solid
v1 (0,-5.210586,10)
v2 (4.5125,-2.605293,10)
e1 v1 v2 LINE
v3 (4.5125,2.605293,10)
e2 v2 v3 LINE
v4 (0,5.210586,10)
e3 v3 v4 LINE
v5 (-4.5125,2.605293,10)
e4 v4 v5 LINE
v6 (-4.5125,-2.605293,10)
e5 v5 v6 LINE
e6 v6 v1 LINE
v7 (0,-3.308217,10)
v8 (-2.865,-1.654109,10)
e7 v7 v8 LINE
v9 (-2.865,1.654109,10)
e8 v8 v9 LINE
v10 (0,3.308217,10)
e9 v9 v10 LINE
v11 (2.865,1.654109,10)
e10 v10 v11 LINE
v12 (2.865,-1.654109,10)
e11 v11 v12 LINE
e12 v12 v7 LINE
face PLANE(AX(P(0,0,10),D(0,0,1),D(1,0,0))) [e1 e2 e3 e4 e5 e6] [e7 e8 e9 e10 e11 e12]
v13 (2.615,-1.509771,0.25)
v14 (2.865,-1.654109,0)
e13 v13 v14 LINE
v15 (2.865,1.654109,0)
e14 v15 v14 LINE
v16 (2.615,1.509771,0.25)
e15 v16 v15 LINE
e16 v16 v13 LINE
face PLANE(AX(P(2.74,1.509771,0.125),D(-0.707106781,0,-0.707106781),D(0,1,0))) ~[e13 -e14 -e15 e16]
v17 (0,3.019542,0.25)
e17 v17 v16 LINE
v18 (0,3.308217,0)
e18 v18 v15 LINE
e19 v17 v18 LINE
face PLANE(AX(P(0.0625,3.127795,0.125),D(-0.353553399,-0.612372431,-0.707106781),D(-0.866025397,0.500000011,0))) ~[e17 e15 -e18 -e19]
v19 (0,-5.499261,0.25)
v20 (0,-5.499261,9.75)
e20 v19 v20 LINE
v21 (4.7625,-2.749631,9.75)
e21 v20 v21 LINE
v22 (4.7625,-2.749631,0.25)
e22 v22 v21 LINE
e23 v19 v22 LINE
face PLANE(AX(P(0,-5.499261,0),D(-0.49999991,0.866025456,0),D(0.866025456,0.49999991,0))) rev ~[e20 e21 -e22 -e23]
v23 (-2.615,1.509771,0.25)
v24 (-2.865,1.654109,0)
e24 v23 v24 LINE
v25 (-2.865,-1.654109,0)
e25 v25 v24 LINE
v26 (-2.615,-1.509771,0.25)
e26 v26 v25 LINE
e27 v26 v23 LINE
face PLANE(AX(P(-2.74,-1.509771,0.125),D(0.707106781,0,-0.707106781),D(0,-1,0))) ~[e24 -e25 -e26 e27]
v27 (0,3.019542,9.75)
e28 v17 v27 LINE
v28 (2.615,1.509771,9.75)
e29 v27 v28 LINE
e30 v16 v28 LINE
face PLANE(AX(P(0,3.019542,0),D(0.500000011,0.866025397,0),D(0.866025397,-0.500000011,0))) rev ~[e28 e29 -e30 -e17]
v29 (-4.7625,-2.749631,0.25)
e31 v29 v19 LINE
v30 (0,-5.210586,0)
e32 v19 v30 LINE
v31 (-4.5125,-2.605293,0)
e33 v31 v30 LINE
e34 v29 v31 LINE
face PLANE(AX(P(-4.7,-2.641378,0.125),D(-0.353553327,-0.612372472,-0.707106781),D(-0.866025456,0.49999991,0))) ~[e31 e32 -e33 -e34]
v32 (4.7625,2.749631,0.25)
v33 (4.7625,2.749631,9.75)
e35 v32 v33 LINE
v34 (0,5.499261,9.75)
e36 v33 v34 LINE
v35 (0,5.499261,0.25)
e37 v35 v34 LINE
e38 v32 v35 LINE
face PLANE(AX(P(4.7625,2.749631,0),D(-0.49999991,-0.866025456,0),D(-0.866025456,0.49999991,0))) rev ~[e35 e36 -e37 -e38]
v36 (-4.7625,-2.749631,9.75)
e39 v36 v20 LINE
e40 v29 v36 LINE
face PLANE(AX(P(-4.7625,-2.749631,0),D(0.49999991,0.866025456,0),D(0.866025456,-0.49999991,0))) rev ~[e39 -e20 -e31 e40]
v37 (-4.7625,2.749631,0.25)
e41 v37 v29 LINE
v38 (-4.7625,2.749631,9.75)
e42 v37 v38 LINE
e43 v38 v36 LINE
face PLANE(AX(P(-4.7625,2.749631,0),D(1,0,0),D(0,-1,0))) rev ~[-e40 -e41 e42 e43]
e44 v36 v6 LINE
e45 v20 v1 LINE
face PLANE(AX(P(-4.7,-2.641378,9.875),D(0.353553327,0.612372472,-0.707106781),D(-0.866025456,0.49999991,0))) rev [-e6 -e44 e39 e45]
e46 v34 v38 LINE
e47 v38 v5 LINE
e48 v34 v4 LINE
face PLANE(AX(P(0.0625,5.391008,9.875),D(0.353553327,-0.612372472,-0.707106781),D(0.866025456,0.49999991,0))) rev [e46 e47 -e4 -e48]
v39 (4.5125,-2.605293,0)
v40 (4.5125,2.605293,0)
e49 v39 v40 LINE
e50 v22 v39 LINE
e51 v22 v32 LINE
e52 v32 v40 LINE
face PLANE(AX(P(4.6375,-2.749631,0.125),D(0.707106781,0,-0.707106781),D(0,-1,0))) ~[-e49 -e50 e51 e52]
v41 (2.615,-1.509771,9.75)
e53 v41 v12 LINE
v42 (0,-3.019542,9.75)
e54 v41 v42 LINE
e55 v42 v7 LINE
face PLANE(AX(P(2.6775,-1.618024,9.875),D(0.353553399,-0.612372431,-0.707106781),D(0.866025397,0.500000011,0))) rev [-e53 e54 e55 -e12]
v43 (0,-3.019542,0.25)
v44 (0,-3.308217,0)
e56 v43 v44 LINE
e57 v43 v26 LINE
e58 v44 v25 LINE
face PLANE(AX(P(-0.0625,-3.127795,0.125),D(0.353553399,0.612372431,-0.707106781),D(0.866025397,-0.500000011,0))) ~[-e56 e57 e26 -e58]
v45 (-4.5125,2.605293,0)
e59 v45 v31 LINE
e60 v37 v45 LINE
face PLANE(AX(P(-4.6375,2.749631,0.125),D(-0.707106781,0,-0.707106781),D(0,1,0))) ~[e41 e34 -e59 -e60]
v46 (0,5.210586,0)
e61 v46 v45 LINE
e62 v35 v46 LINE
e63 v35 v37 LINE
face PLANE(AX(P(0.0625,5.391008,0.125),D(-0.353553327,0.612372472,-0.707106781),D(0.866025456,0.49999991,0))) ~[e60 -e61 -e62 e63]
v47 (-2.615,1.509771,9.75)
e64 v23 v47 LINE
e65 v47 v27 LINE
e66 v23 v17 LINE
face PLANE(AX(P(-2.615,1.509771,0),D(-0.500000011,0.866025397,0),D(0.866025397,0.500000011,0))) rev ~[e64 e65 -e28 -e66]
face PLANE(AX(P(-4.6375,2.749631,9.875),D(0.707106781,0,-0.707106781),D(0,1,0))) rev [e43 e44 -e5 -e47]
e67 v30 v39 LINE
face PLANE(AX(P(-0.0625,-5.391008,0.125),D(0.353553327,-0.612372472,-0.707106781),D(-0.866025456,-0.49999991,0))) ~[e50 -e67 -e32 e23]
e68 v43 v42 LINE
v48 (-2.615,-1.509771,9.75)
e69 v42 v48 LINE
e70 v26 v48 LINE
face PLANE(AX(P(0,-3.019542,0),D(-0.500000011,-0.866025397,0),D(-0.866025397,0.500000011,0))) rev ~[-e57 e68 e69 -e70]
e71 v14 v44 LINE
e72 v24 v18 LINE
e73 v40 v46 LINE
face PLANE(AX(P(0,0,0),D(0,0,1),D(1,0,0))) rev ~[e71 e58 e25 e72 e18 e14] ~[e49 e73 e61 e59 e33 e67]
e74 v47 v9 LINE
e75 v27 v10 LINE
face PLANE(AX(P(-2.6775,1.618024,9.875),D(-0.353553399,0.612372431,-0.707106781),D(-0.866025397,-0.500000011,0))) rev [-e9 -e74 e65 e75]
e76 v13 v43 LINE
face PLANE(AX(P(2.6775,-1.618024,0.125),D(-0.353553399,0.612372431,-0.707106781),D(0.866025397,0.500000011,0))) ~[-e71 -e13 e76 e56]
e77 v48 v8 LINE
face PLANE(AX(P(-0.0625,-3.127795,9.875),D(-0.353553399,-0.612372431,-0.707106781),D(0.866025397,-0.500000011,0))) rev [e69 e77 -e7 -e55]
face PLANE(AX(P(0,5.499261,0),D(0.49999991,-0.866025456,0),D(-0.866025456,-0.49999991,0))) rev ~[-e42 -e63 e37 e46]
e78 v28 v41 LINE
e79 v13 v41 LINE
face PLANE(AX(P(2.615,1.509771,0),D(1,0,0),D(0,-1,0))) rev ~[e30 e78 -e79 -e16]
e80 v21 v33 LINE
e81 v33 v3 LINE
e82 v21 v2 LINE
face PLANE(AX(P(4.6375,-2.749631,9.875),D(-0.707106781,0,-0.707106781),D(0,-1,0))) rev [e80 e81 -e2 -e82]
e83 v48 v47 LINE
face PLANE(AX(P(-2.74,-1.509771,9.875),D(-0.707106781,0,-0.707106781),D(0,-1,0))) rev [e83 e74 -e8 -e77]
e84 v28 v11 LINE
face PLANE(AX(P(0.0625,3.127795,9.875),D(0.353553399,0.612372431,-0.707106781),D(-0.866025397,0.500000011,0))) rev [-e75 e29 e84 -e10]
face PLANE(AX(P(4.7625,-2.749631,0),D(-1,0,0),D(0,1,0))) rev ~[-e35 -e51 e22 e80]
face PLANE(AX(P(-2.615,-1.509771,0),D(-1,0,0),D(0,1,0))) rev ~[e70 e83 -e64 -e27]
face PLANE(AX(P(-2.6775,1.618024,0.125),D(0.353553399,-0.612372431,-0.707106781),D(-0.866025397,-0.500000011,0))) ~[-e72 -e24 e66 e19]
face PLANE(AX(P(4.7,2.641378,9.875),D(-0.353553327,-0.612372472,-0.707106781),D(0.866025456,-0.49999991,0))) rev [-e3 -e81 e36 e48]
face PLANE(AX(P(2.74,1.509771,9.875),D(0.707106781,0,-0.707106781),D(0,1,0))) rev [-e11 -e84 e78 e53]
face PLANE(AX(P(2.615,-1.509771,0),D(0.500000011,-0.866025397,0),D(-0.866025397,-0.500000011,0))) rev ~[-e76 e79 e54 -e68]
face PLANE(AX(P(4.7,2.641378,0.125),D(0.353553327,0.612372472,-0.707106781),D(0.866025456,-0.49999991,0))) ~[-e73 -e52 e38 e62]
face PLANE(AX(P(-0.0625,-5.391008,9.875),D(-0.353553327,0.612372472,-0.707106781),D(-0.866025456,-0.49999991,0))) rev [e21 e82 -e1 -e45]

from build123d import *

# Parameters (mm, degrees)
F1_DEPTH = 10
F2_SIZE  = 0.25


with BuildPart() as f1:
    # F0 (on Top) → F1 (new body)
    with BuildSketch(Plane.XY):
        Polygon((4.7625, -2.749631), (4.7625, 2.749631), (0, 5.499261), (-4.7625, 2.749631), (-4.7625, -2.749631), (0, -5.499261), align=None)
        Polygon((0, 3.019542), (2.615, 1.509771), (2.615, -1.509771), (0, -3.019542), (-2.615, -1.509771), (-2.615, 1.509771), align=None, mode=Mode.SUBTRACT)
    extrude(amount=F1_DEPTH)

    # F2
    f2_edges = [f1.edges().sort_by_distance(p)[0] for p in [
        (-2.38125, -4.124446, 10),
        (2.38125, -4.124446, 10),
        (4.7625, 0, 10),
        (2.38125, 4.124446, 10),
        (-1.3075, 2.264656, 10),
        (-1.3075, -2.264656, 10),
        (2.615, 0, 10),
        (-4.7625, 0, 10),
        (-2.615, 0, 10),
        (-2.38125, 4.124446, 10),
        (1.3075, 2.264656, 10),
        (1.3075, -2.264656, 10),
        (-2.615, 0, 0),
        (-1.3075, -2.264656, 0),
        (2.38125, 4.124446, 0),
        (-1.3075, 2.264656, 0),
        (-2.38125, -4.124446, 0),
        (1.3075, -2.264656, 0),
        (4.7625, 0, 0),
        (-4.7625, 0, 0),
        (-2.38125, 4.124446, 0),
        (2.615, 0, 0),
        (2.38125, -4.124446, 0),
        (1.3075, 2.264656, 0),
    ]]
    chamfer(f2_edges, length=F2_SIZE)


solid = f1.part
